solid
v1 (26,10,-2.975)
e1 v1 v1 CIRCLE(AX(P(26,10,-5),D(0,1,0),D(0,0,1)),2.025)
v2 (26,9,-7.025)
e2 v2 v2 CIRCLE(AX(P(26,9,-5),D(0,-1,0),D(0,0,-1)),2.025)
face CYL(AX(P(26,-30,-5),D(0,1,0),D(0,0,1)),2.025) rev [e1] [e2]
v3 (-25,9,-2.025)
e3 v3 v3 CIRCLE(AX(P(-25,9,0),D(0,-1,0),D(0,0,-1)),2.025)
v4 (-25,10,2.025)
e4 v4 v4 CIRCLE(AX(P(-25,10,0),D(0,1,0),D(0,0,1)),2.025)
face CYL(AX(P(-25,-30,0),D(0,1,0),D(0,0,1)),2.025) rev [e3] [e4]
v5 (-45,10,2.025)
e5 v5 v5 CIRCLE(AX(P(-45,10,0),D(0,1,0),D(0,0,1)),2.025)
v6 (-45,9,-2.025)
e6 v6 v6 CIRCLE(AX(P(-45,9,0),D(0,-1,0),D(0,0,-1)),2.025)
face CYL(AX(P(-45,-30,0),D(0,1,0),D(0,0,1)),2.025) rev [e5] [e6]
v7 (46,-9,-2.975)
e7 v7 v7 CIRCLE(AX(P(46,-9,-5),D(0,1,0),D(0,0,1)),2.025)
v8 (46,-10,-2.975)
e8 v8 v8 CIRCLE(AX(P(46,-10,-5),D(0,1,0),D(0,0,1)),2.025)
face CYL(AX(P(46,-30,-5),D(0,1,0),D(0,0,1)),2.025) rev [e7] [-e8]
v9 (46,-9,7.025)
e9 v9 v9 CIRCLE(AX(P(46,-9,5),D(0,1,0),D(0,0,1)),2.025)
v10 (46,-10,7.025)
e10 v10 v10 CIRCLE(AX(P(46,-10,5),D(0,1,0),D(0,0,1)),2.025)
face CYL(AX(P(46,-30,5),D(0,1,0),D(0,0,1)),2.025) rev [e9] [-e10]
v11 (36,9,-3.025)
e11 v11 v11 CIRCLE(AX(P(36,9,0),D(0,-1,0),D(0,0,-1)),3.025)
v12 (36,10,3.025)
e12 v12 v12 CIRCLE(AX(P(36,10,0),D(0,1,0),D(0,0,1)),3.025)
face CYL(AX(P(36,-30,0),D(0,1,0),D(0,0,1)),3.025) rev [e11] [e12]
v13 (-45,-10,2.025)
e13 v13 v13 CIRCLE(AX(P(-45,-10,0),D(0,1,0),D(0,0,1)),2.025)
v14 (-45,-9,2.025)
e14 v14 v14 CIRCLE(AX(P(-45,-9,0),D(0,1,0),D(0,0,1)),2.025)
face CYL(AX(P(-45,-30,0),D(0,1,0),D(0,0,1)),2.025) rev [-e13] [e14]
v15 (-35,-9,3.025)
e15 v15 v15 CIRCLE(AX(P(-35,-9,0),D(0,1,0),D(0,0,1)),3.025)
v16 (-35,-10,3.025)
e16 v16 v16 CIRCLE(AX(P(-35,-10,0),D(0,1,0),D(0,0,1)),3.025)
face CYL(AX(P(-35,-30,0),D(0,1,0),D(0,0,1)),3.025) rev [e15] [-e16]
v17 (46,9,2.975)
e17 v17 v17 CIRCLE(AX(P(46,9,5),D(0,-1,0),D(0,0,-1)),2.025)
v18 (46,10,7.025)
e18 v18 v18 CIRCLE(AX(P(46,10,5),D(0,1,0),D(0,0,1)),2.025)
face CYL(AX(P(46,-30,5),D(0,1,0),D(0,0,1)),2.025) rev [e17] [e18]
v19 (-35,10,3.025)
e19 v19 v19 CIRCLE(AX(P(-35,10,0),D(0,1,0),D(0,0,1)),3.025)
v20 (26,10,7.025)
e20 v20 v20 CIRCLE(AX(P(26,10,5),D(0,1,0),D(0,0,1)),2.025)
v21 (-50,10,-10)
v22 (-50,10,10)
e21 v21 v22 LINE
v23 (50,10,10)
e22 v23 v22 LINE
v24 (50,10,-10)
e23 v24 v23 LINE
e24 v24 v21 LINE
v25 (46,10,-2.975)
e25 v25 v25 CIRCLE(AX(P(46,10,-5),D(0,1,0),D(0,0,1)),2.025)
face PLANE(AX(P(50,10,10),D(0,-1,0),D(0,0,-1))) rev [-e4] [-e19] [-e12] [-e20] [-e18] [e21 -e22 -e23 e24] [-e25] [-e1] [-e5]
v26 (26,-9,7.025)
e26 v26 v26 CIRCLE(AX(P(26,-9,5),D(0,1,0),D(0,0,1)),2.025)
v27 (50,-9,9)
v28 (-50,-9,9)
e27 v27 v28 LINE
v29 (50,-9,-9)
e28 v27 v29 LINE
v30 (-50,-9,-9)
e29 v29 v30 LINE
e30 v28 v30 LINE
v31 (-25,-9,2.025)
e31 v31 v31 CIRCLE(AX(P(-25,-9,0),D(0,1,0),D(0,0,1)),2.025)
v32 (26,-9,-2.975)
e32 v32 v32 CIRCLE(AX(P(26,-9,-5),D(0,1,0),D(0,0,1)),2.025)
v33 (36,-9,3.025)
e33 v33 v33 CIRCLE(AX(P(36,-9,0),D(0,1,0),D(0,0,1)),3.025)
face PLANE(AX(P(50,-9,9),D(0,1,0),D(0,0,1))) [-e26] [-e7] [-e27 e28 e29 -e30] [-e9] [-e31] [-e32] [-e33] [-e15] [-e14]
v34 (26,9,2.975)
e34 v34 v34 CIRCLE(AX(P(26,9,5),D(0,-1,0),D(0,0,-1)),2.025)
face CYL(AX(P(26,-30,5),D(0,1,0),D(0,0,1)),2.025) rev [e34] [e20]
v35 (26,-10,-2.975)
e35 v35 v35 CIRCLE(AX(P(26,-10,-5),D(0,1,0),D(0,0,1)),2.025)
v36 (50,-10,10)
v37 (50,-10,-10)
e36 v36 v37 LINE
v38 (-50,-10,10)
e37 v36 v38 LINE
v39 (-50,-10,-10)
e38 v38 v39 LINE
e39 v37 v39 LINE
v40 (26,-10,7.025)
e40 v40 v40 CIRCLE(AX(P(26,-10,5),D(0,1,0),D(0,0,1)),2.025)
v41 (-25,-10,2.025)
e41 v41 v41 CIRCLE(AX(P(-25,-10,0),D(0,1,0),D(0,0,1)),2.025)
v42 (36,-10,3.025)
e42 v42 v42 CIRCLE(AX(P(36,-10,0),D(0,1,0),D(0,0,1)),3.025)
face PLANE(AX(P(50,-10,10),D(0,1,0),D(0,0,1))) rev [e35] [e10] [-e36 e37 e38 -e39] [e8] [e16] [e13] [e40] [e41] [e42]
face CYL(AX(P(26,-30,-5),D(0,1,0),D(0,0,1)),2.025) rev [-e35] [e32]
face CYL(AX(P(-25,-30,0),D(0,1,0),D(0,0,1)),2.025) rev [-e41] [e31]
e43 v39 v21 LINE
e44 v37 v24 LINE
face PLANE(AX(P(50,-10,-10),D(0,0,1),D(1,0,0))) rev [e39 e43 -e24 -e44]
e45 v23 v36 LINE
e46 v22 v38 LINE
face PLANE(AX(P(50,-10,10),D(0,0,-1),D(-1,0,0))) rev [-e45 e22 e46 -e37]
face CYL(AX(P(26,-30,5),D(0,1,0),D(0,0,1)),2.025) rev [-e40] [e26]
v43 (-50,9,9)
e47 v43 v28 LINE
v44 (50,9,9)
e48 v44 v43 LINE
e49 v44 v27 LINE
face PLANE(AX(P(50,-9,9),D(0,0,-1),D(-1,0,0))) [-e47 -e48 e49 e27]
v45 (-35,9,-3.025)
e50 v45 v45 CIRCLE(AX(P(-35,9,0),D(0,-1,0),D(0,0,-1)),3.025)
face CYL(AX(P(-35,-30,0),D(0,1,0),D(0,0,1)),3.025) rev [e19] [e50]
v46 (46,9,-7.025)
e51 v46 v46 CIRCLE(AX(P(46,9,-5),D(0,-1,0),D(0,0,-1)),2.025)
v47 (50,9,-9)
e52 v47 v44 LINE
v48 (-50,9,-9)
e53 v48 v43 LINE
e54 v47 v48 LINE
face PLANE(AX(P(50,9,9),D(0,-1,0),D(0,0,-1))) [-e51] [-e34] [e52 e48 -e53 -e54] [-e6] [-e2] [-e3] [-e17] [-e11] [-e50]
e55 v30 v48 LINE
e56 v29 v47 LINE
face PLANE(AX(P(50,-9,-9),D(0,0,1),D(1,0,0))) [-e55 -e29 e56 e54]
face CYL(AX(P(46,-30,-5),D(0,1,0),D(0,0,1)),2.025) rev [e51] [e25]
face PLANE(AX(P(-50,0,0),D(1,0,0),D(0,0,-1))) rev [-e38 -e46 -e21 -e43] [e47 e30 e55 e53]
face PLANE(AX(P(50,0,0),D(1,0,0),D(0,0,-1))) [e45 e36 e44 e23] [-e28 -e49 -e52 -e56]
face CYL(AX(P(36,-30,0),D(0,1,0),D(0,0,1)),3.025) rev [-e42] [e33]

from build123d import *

# Parameters (mm, degrees)
SKETCH_1_W          = 20
SKETCH_1_H          = 20
SKETCH_1_W_2        = 18
SKETCH_1_H_2        = 18
EXTRUDE_1_DEPTH     = 50
SKETCH_2_R          = 2.025
SKETCH_2_R_2        = 3.025
CUT_EXTRUDE_1_DEPTH = 40


with BuildPart() as part:
    # 草图1 → 凸台-拉伸1 (new body, symmetric)
    with BuildSketch(Plane(origin=(0, 0, 0), x_dir=(0, 0, -1), z_dir=(1, 0, 0))):
        Rectangle(SKETCH_1_W, SKETCH_1_H)
        Rectangle(SKETCH_1_W_2, SKETCH_1_H_2, mode=Mode.SUBTRACT)
    extrude(amount=EXTRUDE_1_DEPTH, both=True)

    # 草图2 → 切除-拉伸1 (cut)
    with BuildSketch(Plane(origin=(0, 10, 0), x_dir=(1, 0, 0), z_dir=(0, 1, 0))):
        with Locations((26, 5)):
            Circle(SKETCH_2_R)
        with Locations((46, 5)):
            Circle(SKETCH_2_R)
        with Locations((46, -5)):
            Circle(SKETCH_2_R)
        with Locations((26, -5)):
            Circle(SKETCH_2_R)
        with Locations((36, 0)):
            Circle(SKETCH_2_R_2)
        with Locations((-45, 0)):
            Circle(SKETCH_2_R)
        with Locations((-25, 0)):
            Circle(SKETCH_2_R)
        with Locations((-35, 0)):
            Circle(SKETCH_2_R_2)
    extrude(amount=-CUT_EXTRUDE_1_DEPTH, mode=Mode.SUBTRACT)


solid = part.part
